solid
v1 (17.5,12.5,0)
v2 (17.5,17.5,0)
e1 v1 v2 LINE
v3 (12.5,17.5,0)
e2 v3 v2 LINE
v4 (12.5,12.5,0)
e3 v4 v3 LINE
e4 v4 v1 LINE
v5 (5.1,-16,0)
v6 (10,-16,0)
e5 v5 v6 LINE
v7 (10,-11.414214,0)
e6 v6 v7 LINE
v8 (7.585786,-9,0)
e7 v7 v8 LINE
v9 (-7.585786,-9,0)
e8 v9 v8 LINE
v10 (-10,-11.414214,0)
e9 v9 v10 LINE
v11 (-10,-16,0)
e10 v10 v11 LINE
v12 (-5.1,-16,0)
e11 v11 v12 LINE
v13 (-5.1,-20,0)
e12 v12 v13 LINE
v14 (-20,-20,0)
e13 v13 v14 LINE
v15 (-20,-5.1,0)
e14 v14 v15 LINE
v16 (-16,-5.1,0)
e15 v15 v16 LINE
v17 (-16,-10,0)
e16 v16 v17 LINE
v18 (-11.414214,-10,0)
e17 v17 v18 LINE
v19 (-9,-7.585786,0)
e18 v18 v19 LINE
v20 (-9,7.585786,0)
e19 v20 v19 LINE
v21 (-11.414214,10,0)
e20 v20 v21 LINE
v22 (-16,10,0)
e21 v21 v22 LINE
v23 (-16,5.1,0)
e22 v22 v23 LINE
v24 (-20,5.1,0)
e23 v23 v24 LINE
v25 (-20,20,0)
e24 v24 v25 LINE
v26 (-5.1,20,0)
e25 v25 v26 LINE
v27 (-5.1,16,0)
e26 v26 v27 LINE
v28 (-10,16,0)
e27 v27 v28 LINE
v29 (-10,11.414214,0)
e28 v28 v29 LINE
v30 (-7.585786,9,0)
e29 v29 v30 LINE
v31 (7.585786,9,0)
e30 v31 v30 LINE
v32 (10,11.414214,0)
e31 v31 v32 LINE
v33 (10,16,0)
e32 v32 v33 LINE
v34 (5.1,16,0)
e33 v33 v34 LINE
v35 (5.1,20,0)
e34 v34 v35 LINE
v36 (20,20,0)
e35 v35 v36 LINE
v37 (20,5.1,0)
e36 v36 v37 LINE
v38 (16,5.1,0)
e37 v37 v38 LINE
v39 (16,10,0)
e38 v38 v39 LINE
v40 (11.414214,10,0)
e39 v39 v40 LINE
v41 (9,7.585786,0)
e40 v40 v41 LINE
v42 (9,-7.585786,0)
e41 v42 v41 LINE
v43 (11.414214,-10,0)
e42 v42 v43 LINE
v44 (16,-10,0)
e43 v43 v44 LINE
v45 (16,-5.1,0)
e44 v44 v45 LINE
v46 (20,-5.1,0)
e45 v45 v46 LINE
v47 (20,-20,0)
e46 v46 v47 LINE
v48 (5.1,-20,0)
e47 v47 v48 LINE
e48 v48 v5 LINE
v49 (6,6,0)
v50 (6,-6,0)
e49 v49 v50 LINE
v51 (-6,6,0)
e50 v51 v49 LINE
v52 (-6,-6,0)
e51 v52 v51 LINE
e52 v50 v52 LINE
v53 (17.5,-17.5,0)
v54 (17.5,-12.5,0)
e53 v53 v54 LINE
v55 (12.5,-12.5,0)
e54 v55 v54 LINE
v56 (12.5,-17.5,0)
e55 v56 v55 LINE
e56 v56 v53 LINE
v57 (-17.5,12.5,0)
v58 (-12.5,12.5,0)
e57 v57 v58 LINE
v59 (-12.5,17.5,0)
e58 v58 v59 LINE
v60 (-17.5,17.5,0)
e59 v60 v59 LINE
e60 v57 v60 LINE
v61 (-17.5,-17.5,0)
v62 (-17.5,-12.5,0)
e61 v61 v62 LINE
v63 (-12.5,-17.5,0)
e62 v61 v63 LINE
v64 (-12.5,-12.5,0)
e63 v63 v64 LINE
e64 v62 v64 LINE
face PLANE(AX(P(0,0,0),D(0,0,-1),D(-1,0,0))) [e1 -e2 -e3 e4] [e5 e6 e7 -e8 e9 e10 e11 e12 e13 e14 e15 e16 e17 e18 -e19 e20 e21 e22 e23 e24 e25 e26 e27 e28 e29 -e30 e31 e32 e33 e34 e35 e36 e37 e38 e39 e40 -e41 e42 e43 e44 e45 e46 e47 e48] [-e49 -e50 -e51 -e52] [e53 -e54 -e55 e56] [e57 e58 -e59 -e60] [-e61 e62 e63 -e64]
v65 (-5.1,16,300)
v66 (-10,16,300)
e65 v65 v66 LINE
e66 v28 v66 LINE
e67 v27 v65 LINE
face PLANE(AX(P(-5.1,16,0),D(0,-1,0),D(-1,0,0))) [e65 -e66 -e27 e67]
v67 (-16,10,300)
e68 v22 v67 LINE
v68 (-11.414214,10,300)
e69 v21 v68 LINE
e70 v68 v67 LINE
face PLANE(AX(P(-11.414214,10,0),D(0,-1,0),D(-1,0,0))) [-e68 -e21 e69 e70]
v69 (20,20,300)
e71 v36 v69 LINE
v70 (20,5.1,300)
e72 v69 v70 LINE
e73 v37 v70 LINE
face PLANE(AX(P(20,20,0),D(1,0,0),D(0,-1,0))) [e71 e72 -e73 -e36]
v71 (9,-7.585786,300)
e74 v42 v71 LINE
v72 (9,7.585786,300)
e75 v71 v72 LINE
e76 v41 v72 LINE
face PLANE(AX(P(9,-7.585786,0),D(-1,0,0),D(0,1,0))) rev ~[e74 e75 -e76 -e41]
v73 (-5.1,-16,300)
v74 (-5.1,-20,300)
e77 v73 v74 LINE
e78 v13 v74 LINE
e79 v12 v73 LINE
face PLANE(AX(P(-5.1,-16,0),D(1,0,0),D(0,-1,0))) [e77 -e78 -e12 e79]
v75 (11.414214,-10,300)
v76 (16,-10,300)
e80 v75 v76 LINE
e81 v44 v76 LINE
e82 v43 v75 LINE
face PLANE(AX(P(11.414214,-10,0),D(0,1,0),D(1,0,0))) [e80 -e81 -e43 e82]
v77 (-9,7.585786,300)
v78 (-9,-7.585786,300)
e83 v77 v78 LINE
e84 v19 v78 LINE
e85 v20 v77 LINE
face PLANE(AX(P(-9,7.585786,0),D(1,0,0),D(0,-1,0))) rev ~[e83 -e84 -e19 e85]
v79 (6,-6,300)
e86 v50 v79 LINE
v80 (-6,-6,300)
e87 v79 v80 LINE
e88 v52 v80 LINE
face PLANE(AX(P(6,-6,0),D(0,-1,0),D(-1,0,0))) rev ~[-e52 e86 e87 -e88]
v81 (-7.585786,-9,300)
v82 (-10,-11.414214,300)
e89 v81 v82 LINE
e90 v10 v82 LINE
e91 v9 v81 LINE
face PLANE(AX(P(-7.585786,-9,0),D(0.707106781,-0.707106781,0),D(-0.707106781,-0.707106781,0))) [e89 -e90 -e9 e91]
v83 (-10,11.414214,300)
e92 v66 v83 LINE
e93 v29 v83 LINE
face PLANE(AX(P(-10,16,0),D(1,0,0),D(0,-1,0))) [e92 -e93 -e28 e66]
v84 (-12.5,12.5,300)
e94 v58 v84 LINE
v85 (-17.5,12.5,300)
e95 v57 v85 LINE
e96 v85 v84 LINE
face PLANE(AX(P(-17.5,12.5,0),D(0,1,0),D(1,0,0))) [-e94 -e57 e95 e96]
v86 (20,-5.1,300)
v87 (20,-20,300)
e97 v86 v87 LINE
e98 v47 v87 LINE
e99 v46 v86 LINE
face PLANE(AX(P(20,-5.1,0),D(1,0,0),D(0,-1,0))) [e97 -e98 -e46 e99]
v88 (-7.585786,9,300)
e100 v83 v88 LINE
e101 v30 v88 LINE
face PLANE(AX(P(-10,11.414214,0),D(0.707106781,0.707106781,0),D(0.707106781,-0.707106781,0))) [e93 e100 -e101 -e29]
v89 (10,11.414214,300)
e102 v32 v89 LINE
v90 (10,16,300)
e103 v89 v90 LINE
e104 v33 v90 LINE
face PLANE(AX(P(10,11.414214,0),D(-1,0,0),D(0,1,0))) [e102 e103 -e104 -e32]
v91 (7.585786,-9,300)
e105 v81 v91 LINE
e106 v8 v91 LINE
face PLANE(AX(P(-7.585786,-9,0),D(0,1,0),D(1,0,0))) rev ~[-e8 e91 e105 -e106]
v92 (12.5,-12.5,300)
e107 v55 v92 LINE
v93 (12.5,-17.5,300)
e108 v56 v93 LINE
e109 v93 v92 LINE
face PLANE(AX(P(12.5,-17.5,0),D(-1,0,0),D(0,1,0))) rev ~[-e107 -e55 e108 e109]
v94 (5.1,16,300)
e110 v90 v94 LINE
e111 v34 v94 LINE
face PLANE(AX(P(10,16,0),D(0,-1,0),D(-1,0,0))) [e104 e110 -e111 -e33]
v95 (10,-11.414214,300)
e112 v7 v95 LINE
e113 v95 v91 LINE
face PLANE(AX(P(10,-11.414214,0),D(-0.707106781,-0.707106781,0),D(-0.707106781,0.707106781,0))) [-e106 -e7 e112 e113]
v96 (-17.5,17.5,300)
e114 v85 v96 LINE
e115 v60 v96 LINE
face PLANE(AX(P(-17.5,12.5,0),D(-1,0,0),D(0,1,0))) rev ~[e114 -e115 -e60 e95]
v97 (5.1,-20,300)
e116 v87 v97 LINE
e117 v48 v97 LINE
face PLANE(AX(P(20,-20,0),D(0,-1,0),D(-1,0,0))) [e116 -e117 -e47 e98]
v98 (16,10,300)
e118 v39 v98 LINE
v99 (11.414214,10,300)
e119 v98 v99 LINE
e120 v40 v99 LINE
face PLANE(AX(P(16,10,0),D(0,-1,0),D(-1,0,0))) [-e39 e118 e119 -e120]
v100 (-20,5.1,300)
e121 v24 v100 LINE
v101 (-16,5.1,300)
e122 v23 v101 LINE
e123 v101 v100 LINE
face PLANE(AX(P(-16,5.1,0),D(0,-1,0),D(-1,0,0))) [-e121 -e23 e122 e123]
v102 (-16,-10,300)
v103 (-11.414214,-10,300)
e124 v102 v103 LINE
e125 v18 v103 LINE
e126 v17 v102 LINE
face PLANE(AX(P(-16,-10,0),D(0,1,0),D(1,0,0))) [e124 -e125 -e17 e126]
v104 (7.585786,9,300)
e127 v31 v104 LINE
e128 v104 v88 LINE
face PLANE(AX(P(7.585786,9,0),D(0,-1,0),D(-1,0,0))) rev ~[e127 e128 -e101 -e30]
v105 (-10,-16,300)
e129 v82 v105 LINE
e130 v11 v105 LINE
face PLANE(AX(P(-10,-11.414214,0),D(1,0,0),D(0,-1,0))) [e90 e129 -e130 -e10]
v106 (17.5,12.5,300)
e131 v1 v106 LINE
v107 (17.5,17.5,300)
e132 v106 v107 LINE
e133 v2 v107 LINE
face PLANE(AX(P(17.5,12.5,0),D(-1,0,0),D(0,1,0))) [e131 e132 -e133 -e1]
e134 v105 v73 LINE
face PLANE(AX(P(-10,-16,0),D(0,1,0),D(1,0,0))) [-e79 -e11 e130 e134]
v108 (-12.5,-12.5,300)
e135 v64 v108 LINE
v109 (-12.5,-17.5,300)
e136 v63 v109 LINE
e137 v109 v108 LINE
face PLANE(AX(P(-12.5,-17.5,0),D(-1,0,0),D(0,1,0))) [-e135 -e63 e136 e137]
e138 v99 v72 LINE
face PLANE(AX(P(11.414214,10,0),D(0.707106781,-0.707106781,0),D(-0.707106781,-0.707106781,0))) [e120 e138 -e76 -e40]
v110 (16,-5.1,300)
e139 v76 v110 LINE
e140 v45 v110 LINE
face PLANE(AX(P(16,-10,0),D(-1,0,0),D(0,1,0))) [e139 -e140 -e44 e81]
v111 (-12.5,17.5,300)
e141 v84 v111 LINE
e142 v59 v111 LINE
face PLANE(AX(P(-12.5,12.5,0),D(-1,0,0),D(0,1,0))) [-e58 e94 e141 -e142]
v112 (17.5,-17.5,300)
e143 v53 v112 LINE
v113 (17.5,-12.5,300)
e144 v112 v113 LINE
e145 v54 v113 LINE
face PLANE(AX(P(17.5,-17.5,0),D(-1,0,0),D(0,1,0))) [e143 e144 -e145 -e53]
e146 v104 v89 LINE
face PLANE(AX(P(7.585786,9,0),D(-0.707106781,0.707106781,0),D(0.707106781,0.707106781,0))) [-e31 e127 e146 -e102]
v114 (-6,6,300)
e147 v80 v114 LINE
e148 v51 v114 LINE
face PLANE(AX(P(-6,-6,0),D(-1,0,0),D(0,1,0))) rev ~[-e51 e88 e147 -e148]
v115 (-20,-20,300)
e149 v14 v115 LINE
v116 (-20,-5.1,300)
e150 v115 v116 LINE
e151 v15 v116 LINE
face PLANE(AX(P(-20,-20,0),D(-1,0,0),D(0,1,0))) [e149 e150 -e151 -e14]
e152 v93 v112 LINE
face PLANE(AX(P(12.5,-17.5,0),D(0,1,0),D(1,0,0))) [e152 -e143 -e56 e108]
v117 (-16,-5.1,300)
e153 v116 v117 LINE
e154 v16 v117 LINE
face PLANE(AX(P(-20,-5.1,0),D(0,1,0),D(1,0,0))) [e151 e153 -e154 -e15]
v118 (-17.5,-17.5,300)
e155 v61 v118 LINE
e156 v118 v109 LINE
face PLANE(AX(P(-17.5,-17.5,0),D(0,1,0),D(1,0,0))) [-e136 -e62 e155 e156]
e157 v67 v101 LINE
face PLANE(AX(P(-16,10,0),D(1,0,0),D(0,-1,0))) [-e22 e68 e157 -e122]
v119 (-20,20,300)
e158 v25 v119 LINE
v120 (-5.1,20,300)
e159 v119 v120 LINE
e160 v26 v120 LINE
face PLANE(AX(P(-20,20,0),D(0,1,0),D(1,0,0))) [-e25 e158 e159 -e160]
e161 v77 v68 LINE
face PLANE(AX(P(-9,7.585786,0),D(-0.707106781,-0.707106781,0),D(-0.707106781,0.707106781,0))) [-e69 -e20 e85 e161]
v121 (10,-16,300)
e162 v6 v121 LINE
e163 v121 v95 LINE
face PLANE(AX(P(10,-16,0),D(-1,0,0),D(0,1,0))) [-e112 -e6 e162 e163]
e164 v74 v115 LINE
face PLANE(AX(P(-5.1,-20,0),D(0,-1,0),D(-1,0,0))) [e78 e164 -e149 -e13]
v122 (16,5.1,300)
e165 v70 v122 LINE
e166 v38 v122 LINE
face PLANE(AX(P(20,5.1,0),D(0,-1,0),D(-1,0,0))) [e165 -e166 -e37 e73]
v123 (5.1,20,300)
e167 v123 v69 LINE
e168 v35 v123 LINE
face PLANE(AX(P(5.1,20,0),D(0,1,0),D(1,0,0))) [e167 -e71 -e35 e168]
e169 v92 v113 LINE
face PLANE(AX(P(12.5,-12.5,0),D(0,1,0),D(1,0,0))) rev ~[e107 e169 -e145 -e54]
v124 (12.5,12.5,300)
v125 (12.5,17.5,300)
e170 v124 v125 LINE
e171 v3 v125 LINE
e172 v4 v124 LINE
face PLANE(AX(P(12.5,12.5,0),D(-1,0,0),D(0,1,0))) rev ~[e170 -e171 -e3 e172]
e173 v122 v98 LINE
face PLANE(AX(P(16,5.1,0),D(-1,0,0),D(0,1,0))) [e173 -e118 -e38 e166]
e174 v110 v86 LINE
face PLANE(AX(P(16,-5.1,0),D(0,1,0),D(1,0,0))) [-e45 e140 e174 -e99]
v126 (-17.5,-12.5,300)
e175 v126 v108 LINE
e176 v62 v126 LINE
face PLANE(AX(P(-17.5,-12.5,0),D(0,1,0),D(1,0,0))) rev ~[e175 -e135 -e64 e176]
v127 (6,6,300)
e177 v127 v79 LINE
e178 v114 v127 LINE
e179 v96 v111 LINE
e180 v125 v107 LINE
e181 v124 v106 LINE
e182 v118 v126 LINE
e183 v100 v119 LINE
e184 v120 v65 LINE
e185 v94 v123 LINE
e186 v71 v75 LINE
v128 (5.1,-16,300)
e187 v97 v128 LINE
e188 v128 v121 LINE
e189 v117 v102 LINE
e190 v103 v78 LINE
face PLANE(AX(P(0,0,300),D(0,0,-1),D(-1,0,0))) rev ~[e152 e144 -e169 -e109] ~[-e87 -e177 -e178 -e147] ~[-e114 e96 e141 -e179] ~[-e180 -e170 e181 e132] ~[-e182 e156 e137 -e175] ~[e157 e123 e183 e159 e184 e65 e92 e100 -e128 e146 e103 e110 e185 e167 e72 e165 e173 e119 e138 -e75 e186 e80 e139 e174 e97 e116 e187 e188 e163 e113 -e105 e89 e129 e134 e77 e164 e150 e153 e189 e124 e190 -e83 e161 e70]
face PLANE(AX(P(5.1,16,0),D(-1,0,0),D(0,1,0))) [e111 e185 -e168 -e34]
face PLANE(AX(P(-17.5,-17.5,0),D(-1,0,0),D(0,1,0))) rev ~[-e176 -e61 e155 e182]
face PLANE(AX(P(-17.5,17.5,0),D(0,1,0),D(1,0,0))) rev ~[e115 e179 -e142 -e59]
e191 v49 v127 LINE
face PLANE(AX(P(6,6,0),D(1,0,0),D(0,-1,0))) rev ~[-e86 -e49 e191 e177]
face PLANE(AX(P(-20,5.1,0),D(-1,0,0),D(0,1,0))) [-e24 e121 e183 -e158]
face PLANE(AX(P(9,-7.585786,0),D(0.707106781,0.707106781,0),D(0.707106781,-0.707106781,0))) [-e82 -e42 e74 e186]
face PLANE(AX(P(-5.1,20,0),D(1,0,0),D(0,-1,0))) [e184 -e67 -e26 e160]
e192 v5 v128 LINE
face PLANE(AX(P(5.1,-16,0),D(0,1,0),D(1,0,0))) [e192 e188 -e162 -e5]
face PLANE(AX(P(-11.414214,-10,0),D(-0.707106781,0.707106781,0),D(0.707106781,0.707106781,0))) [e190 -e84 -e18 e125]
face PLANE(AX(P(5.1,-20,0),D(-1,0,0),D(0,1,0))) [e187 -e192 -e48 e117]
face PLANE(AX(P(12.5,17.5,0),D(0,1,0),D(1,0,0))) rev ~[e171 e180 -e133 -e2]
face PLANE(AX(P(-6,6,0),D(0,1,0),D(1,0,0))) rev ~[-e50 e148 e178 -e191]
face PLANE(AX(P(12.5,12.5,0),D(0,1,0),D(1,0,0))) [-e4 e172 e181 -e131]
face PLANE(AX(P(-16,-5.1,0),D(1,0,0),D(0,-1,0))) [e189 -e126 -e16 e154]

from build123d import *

# Parameters (mm, degrees)
ESQUISSE1_W        = 5
ESQUISSE1_H        = 5
BOSS_EXTRU_1_DEPTH = 300


with BuildPart() as part:
    # Esquisse1 → Boss.-Extru.1 (new body)
    with BuildSketch(Plane.XY):
        Polygon((0, 9), (7.585786438, 9), (10, 11.414213562), (10, 16), (5.1, 16), (5.1, 20), (20, 20), (20, 5.1), (16, 5.1), (16, 10), (11.414213562, 10), (9, 7.585786438), (9, 0), (9, -7.585786438), (11.414213562, -10), (16, -10), (16, -5.1), (20, -5.1), (20, -20), (5.1, -20), (5.1, -16), (10, -16), (10, -11.414213562), (7.585786438, -9), (0, -9), (-7.585786438, -9), (-10, -11.414213562), (-10, -16), (-5.1, -16), (-5.1, -20), (-20, -20), (-20, -5.1), (-16, -5.1), (-16, -10), (-11.414213562, -10), (-9, -7.585786438), (-9, 0), (-9, 7.585786438), (-11.414213562, 10), (-16, 10), (-16, 5.1), (-20, 5.1), (-20, 20), (-5.1, 20), (-5.1, 16), (-10, 16), (-10, 11.414213562), (-7.585786438, 9), align=None)
        with Locations((15, 15)):
            Rectangle(ESQUISSE1_W, ESQUISSE1_H, mode=Mode.SUBTRACT)
        Polygon((0, 6), (6, 6), (6, 0), (6, -6), (0, -6), (-6, -6), (-6, 0), (-6, 6), align=None, mode=Mode.SUBTRACT)
        with Locations((15, -15)):
            Rectangle(ESQUISSE1_W, ESQUISSE1_H, mode=Mode.SUBTRACT)
        with Locations((-15, -15)):
            Rectangle(ESQUISSE1_W, ESQUISSE1_H, mode=Mode.SUBTRACT)
        with Locations((-15, 15)):
            Rectangle(ESQUISSE1_W, ESQUISSE1_H, mode=Mode.SUBTRACT)
    extrude(amount=BOSS_EXTRU_1_DEPTH)


solid = part.part
